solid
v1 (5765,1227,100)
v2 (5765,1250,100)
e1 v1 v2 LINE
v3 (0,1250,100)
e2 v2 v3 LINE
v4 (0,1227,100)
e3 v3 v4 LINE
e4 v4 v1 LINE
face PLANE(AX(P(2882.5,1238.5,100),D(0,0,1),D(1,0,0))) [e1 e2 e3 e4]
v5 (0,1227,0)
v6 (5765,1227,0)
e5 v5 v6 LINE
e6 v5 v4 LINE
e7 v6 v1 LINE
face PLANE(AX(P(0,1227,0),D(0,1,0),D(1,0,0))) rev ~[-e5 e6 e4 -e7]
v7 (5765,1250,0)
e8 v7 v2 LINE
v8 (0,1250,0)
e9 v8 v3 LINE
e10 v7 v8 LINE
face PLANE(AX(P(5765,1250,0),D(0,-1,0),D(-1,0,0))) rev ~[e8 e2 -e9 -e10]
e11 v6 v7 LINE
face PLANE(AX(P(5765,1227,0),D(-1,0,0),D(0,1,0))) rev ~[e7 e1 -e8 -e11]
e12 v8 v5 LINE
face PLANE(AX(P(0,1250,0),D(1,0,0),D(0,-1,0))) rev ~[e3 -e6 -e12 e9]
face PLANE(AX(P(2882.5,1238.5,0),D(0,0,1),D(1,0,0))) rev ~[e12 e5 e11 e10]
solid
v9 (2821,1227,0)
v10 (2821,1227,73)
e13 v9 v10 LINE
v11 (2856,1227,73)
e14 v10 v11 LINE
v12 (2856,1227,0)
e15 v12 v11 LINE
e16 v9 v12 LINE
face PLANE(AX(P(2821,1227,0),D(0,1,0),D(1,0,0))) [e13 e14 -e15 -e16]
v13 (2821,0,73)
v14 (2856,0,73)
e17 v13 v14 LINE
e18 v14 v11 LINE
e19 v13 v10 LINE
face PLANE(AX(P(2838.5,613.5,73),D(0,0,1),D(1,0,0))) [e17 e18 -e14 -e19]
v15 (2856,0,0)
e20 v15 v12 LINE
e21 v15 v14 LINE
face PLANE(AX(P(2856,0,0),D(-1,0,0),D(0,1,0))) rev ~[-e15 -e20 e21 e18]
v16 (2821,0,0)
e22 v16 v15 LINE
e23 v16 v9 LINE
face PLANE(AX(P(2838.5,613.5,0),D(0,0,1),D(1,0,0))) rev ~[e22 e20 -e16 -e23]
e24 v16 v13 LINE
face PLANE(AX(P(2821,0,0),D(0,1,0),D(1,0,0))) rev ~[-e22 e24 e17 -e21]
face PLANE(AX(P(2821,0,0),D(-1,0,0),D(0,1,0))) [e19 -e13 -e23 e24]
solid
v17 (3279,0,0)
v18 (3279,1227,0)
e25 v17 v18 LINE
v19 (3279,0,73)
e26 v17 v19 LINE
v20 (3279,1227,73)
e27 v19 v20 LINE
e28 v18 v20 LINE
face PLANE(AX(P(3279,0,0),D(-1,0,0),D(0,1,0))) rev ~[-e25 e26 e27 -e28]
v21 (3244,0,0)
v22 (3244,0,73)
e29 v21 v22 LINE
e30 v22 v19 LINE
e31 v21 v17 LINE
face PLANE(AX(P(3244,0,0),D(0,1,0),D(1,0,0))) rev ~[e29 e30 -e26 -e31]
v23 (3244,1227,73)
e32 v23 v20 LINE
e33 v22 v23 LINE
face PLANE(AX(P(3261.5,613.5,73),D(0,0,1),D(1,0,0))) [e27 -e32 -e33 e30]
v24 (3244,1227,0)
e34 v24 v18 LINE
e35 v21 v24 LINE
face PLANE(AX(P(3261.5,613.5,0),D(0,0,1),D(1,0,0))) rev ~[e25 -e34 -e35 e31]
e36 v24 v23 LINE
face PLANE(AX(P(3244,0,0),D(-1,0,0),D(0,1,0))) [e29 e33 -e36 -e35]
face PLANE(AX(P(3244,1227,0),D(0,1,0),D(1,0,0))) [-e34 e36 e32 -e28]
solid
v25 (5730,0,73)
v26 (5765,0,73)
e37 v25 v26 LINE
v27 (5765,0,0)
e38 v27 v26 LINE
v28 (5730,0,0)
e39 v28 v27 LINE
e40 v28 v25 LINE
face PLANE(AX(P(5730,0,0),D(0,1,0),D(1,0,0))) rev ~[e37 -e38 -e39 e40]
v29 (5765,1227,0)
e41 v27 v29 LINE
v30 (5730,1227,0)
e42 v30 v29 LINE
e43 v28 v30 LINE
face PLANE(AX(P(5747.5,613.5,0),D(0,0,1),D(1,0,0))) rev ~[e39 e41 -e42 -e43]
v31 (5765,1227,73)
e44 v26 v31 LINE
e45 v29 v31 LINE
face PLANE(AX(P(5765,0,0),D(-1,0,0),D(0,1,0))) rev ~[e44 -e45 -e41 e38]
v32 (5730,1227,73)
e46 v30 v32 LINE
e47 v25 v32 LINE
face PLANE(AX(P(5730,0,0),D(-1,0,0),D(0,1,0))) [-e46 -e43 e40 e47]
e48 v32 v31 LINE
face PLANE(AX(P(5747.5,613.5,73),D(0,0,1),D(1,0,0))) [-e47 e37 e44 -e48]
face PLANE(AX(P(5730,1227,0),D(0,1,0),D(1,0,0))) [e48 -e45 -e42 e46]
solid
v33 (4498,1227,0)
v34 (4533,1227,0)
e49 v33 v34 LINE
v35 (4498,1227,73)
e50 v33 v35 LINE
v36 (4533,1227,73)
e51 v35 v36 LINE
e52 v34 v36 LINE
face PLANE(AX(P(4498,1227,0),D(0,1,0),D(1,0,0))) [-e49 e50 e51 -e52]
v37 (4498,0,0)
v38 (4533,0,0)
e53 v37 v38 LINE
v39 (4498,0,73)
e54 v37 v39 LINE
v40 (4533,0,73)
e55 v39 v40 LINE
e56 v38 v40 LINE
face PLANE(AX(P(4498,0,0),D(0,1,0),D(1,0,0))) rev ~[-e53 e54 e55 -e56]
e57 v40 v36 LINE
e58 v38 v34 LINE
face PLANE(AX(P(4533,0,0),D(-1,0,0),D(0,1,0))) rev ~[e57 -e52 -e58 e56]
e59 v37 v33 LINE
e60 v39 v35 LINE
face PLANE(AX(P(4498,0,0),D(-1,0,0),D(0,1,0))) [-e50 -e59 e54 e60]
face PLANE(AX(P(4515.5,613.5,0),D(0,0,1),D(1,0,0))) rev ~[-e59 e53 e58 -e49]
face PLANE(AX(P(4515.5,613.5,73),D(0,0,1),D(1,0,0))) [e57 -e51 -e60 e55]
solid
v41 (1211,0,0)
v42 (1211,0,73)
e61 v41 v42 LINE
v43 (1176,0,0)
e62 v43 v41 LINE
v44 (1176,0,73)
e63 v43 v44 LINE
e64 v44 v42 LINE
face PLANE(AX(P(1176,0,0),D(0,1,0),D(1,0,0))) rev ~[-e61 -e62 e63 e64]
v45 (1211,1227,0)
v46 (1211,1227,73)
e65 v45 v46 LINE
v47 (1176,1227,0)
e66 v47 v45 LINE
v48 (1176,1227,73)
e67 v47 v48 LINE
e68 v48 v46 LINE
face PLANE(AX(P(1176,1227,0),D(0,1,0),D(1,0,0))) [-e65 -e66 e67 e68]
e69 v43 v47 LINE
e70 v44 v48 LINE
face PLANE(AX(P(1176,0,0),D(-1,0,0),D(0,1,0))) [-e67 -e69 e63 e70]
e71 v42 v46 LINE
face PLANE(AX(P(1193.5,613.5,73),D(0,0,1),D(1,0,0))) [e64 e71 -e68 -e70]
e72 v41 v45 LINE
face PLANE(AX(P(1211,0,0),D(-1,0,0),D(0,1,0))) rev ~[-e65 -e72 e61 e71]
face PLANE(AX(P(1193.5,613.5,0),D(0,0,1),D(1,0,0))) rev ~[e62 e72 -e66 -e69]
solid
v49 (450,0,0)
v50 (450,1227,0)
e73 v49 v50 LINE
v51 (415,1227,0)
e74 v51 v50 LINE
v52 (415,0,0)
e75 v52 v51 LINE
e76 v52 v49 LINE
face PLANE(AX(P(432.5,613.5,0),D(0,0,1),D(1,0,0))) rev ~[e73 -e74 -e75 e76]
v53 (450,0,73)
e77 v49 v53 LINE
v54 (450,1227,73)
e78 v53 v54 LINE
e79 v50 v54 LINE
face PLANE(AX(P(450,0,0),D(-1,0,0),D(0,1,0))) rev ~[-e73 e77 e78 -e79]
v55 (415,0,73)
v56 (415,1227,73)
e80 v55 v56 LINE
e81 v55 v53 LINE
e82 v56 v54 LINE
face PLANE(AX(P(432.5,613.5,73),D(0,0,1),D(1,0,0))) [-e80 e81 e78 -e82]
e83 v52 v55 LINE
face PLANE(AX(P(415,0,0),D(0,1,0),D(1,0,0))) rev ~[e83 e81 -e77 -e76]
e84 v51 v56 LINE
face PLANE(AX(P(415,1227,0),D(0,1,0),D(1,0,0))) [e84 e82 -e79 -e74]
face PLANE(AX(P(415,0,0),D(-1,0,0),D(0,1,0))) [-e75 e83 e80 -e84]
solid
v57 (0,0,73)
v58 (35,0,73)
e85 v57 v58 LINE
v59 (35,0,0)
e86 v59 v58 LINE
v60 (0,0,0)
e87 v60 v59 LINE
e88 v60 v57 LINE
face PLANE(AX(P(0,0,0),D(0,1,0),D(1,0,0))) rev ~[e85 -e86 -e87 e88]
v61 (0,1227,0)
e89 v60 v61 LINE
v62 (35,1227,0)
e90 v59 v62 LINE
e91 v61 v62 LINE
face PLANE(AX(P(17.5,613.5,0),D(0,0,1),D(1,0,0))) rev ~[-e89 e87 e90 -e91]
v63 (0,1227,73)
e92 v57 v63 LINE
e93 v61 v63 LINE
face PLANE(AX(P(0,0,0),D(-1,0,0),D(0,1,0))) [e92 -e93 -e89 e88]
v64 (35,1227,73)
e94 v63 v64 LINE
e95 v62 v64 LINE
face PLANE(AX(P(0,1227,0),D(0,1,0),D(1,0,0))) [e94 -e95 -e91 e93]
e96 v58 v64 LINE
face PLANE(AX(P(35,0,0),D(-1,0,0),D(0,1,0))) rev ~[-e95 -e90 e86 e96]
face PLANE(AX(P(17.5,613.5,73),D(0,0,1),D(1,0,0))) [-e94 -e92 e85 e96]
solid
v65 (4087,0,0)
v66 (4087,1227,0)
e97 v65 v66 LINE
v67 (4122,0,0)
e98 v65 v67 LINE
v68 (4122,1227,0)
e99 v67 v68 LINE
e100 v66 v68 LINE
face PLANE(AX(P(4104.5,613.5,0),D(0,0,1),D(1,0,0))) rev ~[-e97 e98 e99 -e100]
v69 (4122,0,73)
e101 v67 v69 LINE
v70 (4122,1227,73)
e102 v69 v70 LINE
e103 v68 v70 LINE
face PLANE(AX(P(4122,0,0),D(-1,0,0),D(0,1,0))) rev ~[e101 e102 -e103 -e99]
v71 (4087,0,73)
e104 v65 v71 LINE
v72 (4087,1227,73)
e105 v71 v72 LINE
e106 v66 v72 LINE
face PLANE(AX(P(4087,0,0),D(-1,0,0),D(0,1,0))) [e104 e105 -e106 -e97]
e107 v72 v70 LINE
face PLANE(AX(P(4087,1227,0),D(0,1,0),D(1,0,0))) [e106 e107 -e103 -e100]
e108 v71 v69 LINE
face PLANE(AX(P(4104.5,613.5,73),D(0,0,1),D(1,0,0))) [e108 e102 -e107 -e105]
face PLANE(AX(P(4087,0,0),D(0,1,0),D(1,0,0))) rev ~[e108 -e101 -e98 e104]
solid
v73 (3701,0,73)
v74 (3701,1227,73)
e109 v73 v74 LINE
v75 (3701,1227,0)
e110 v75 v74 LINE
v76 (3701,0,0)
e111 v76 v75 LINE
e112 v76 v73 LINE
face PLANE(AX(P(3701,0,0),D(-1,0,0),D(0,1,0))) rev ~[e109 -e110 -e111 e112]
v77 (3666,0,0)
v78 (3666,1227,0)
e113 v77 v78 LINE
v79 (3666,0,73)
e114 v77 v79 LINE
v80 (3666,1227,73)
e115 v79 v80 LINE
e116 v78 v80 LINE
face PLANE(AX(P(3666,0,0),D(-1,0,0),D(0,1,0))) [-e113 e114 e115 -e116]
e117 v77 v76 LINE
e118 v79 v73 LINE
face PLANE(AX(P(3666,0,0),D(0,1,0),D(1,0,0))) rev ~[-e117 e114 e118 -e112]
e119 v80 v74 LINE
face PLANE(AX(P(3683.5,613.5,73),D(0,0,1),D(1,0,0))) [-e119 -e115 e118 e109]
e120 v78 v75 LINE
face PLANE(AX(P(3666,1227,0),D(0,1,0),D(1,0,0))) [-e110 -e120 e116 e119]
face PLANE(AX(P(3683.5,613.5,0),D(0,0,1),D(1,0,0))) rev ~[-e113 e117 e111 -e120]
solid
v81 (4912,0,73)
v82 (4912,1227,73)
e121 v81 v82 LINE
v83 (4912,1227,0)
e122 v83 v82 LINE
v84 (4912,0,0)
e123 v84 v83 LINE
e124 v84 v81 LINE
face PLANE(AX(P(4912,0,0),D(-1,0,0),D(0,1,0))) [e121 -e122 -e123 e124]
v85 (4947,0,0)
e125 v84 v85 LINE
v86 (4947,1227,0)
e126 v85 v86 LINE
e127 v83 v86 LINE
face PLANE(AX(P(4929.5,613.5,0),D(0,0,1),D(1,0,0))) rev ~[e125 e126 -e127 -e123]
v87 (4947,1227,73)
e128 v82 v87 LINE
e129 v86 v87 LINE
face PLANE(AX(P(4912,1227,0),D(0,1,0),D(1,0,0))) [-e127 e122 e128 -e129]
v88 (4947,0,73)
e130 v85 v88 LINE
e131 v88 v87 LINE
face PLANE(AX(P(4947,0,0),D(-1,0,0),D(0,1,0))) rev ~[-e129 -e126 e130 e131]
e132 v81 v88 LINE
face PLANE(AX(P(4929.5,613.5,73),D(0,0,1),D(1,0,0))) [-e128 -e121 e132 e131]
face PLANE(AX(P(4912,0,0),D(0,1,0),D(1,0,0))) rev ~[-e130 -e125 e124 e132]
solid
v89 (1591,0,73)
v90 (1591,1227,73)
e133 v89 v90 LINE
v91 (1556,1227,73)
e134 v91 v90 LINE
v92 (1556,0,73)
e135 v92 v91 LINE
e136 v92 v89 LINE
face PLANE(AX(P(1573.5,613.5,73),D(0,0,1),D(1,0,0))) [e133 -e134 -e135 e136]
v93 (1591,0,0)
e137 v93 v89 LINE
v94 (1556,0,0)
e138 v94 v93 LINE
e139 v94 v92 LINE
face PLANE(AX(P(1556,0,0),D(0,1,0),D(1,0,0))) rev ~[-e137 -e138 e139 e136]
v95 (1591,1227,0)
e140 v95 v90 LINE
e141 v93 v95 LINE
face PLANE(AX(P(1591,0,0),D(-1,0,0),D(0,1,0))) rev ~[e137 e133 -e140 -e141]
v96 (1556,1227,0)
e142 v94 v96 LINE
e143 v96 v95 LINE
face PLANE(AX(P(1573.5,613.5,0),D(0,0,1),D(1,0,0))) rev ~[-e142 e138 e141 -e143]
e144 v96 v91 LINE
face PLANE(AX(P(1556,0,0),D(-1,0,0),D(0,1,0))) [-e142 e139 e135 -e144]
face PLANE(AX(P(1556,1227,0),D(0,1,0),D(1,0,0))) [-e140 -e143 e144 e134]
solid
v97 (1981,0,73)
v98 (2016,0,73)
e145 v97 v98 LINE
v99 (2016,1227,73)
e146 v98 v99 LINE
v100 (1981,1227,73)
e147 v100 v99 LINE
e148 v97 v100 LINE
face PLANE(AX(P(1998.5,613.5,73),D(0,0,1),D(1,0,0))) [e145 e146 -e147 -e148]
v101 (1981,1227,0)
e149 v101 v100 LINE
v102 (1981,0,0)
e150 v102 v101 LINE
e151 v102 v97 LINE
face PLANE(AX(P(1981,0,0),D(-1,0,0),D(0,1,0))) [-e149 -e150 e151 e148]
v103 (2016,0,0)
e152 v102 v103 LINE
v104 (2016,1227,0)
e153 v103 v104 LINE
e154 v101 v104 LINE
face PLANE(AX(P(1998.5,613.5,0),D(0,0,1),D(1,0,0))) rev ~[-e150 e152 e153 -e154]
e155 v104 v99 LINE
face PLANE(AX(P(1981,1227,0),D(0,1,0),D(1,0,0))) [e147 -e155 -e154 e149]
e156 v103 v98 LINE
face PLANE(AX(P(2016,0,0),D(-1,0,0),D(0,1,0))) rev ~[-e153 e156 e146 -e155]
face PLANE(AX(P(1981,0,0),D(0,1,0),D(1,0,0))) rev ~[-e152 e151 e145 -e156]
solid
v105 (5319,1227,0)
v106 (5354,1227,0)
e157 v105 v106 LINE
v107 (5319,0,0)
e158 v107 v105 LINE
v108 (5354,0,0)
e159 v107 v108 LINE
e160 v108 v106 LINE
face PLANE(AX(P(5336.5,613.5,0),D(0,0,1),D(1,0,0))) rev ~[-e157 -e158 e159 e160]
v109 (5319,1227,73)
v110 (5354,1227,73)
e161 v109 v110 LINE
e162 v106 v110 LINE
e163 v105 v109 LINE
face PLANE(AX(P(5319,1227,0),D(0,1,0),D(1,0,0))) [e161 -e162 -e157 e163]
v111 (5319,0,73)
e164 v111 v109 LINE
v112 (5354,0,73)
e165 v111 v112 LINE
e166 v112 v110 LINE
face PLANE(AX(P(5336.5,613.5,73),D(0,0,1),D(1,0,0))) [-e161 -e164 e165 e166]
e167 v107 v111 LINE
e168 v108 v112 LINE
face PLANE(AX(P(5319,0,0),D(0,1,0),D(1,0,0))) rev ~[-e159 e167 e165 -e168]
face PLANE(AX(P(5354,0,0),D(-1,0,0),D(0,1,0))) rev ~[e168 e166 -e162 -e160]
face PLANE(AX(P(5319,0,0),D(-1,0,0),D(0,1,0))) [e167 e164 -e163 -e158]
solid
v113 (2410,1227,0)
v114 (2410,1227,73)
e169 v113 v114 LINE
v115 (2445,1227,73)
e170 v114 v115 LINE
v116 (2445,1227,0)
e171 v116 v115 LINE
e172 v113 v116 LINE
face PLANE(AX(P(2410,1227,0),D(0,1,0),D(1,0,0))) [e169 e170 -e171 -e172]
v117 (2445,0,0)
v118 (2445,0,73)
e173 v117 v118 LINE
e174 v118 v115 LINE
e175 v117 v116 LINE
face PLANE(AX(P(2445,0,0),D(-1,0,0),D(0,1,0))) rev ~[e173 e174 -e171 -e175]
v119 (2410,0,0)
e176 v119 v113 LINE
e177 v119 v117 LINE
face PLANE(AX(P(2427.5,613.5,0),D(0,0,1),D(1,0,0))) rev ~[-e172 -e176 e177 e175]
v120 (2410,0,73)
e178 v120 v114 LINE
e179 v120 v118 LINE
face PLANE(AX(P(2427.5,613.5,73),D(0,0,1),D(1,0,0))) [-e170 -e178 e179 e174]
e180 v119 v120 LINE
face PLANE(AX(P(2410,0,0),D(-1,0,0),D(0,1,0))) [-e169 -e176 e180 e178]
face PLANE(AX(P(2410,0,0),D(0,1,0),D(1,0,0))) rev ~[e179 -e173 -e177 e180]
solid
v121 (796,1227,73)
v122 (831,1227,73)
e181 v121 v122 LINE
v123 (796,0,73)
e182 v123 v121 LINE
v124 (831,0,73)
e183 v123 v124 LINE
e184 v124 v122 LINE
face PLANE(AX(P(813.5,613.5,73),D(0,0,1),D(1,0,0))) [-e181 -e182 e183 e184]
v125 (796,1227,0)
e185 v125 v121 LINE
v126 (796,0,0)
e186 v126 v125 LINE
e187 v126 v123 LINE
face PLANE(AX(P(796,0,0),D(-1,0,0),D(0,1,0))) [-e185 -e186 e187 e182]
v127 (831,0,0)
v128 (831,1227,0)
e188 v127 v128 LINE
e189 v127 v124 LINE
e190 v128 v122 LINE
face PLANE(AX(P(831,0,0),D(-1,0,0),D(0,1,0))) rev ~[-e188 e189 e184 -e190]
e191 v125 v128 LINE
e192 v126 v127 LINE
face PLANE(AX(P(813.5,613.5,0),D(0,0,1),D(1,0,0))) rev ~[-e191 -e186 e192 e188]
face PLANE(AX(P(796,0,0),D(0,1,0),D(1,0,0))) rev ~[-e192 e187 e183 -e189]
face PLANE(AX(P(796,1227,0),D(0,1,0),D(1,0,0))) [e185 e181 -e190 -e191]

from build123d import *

# Parameters (mm, degrees)
F0_W     = 35
F0_H     = 1227
F1_DEPTH = 73
F2_DEPTH = 100


with BuildPart() as f1:
    # F0 (on Top) → F1 (new body)
    with BuildSketch(Plane.XY):
        with Locations((17.5, 613.5)):
            Rectangle(F0_W, F0_H)
        with Locations((432.5, 613.5)):
            Rectangle(F0_W, F0_H)
        with Locations((813.5, 613.5)):
            Rectangle(F0_W, F0_H)
        with Locations((1193.5, 613.5)):
            Rectangle(F0_W, F0_H)
        with Locations((1573.5, 613.5)):
            Rectangle(F0_W, F0_H)
        with Locations((1998.5, 613.5)):
            Rectangle(F0_W, F0_H)
        with Locations((2427.5, 613.5)):
            Rectangle(F0_W, F0_H)
        with Locations((2838.5, 613.5)):
            Rectangle(F0_W, F0_H)
        with Locations((3261.5, 613.5)):
            Rectangle(F0_W, F0_H)
        with Locations((3683.5, 613.5)):
            Rectangle(F0_W, F0_H)
        with Locations((4104.5, 613.5)):
            Rectangle(F0_W, F0_H)
        with Locations((4515.5, 613.5)):
            Rectangle(F0_W, F0_H)
        with Locations((4929.5, 613.5)):
            Rectangle(F0_W, F0_H)
        with Locations((5336.5, 613.5)):
            Rectangle(F0_W, F0_H)
        with Locations((5747.5, 613.5)):
            Rectangle(F0_W, F0_H)
    extrude(amount=F1_DEPTH)


with BuildPart() as f2:
    # F0 (on Top) → F2 (new body)
    with BuildSketch(Plane.XY):
        Polygon((0, 1250), (0, 1227), (35, 1227), (415, 1227), (450, 1227), (796, 1227), (831, 1227), (1176, 1227), (1211, 1227), (1556, 1227), (1591, 1227), (1981, 1227), (2016, 1227), (2410, 1227), (2445, 1227), (2821, 1227), (2856, 1227), (3244, 1227), (3279, 1227), (3666, 1227), (3701, 1227), (4087, 1227), (4122, 1227), (4498, 1227), (4533, 1227), (4912, 1227), (4947, 1227), (5319, 1227), (5354, 1227), (5730, 1227), (5765, 1227), (5765, 1250), align=None)
    extrude(amount=F2_DEPTH)


solid = Compound([f1.part, f2.part])
